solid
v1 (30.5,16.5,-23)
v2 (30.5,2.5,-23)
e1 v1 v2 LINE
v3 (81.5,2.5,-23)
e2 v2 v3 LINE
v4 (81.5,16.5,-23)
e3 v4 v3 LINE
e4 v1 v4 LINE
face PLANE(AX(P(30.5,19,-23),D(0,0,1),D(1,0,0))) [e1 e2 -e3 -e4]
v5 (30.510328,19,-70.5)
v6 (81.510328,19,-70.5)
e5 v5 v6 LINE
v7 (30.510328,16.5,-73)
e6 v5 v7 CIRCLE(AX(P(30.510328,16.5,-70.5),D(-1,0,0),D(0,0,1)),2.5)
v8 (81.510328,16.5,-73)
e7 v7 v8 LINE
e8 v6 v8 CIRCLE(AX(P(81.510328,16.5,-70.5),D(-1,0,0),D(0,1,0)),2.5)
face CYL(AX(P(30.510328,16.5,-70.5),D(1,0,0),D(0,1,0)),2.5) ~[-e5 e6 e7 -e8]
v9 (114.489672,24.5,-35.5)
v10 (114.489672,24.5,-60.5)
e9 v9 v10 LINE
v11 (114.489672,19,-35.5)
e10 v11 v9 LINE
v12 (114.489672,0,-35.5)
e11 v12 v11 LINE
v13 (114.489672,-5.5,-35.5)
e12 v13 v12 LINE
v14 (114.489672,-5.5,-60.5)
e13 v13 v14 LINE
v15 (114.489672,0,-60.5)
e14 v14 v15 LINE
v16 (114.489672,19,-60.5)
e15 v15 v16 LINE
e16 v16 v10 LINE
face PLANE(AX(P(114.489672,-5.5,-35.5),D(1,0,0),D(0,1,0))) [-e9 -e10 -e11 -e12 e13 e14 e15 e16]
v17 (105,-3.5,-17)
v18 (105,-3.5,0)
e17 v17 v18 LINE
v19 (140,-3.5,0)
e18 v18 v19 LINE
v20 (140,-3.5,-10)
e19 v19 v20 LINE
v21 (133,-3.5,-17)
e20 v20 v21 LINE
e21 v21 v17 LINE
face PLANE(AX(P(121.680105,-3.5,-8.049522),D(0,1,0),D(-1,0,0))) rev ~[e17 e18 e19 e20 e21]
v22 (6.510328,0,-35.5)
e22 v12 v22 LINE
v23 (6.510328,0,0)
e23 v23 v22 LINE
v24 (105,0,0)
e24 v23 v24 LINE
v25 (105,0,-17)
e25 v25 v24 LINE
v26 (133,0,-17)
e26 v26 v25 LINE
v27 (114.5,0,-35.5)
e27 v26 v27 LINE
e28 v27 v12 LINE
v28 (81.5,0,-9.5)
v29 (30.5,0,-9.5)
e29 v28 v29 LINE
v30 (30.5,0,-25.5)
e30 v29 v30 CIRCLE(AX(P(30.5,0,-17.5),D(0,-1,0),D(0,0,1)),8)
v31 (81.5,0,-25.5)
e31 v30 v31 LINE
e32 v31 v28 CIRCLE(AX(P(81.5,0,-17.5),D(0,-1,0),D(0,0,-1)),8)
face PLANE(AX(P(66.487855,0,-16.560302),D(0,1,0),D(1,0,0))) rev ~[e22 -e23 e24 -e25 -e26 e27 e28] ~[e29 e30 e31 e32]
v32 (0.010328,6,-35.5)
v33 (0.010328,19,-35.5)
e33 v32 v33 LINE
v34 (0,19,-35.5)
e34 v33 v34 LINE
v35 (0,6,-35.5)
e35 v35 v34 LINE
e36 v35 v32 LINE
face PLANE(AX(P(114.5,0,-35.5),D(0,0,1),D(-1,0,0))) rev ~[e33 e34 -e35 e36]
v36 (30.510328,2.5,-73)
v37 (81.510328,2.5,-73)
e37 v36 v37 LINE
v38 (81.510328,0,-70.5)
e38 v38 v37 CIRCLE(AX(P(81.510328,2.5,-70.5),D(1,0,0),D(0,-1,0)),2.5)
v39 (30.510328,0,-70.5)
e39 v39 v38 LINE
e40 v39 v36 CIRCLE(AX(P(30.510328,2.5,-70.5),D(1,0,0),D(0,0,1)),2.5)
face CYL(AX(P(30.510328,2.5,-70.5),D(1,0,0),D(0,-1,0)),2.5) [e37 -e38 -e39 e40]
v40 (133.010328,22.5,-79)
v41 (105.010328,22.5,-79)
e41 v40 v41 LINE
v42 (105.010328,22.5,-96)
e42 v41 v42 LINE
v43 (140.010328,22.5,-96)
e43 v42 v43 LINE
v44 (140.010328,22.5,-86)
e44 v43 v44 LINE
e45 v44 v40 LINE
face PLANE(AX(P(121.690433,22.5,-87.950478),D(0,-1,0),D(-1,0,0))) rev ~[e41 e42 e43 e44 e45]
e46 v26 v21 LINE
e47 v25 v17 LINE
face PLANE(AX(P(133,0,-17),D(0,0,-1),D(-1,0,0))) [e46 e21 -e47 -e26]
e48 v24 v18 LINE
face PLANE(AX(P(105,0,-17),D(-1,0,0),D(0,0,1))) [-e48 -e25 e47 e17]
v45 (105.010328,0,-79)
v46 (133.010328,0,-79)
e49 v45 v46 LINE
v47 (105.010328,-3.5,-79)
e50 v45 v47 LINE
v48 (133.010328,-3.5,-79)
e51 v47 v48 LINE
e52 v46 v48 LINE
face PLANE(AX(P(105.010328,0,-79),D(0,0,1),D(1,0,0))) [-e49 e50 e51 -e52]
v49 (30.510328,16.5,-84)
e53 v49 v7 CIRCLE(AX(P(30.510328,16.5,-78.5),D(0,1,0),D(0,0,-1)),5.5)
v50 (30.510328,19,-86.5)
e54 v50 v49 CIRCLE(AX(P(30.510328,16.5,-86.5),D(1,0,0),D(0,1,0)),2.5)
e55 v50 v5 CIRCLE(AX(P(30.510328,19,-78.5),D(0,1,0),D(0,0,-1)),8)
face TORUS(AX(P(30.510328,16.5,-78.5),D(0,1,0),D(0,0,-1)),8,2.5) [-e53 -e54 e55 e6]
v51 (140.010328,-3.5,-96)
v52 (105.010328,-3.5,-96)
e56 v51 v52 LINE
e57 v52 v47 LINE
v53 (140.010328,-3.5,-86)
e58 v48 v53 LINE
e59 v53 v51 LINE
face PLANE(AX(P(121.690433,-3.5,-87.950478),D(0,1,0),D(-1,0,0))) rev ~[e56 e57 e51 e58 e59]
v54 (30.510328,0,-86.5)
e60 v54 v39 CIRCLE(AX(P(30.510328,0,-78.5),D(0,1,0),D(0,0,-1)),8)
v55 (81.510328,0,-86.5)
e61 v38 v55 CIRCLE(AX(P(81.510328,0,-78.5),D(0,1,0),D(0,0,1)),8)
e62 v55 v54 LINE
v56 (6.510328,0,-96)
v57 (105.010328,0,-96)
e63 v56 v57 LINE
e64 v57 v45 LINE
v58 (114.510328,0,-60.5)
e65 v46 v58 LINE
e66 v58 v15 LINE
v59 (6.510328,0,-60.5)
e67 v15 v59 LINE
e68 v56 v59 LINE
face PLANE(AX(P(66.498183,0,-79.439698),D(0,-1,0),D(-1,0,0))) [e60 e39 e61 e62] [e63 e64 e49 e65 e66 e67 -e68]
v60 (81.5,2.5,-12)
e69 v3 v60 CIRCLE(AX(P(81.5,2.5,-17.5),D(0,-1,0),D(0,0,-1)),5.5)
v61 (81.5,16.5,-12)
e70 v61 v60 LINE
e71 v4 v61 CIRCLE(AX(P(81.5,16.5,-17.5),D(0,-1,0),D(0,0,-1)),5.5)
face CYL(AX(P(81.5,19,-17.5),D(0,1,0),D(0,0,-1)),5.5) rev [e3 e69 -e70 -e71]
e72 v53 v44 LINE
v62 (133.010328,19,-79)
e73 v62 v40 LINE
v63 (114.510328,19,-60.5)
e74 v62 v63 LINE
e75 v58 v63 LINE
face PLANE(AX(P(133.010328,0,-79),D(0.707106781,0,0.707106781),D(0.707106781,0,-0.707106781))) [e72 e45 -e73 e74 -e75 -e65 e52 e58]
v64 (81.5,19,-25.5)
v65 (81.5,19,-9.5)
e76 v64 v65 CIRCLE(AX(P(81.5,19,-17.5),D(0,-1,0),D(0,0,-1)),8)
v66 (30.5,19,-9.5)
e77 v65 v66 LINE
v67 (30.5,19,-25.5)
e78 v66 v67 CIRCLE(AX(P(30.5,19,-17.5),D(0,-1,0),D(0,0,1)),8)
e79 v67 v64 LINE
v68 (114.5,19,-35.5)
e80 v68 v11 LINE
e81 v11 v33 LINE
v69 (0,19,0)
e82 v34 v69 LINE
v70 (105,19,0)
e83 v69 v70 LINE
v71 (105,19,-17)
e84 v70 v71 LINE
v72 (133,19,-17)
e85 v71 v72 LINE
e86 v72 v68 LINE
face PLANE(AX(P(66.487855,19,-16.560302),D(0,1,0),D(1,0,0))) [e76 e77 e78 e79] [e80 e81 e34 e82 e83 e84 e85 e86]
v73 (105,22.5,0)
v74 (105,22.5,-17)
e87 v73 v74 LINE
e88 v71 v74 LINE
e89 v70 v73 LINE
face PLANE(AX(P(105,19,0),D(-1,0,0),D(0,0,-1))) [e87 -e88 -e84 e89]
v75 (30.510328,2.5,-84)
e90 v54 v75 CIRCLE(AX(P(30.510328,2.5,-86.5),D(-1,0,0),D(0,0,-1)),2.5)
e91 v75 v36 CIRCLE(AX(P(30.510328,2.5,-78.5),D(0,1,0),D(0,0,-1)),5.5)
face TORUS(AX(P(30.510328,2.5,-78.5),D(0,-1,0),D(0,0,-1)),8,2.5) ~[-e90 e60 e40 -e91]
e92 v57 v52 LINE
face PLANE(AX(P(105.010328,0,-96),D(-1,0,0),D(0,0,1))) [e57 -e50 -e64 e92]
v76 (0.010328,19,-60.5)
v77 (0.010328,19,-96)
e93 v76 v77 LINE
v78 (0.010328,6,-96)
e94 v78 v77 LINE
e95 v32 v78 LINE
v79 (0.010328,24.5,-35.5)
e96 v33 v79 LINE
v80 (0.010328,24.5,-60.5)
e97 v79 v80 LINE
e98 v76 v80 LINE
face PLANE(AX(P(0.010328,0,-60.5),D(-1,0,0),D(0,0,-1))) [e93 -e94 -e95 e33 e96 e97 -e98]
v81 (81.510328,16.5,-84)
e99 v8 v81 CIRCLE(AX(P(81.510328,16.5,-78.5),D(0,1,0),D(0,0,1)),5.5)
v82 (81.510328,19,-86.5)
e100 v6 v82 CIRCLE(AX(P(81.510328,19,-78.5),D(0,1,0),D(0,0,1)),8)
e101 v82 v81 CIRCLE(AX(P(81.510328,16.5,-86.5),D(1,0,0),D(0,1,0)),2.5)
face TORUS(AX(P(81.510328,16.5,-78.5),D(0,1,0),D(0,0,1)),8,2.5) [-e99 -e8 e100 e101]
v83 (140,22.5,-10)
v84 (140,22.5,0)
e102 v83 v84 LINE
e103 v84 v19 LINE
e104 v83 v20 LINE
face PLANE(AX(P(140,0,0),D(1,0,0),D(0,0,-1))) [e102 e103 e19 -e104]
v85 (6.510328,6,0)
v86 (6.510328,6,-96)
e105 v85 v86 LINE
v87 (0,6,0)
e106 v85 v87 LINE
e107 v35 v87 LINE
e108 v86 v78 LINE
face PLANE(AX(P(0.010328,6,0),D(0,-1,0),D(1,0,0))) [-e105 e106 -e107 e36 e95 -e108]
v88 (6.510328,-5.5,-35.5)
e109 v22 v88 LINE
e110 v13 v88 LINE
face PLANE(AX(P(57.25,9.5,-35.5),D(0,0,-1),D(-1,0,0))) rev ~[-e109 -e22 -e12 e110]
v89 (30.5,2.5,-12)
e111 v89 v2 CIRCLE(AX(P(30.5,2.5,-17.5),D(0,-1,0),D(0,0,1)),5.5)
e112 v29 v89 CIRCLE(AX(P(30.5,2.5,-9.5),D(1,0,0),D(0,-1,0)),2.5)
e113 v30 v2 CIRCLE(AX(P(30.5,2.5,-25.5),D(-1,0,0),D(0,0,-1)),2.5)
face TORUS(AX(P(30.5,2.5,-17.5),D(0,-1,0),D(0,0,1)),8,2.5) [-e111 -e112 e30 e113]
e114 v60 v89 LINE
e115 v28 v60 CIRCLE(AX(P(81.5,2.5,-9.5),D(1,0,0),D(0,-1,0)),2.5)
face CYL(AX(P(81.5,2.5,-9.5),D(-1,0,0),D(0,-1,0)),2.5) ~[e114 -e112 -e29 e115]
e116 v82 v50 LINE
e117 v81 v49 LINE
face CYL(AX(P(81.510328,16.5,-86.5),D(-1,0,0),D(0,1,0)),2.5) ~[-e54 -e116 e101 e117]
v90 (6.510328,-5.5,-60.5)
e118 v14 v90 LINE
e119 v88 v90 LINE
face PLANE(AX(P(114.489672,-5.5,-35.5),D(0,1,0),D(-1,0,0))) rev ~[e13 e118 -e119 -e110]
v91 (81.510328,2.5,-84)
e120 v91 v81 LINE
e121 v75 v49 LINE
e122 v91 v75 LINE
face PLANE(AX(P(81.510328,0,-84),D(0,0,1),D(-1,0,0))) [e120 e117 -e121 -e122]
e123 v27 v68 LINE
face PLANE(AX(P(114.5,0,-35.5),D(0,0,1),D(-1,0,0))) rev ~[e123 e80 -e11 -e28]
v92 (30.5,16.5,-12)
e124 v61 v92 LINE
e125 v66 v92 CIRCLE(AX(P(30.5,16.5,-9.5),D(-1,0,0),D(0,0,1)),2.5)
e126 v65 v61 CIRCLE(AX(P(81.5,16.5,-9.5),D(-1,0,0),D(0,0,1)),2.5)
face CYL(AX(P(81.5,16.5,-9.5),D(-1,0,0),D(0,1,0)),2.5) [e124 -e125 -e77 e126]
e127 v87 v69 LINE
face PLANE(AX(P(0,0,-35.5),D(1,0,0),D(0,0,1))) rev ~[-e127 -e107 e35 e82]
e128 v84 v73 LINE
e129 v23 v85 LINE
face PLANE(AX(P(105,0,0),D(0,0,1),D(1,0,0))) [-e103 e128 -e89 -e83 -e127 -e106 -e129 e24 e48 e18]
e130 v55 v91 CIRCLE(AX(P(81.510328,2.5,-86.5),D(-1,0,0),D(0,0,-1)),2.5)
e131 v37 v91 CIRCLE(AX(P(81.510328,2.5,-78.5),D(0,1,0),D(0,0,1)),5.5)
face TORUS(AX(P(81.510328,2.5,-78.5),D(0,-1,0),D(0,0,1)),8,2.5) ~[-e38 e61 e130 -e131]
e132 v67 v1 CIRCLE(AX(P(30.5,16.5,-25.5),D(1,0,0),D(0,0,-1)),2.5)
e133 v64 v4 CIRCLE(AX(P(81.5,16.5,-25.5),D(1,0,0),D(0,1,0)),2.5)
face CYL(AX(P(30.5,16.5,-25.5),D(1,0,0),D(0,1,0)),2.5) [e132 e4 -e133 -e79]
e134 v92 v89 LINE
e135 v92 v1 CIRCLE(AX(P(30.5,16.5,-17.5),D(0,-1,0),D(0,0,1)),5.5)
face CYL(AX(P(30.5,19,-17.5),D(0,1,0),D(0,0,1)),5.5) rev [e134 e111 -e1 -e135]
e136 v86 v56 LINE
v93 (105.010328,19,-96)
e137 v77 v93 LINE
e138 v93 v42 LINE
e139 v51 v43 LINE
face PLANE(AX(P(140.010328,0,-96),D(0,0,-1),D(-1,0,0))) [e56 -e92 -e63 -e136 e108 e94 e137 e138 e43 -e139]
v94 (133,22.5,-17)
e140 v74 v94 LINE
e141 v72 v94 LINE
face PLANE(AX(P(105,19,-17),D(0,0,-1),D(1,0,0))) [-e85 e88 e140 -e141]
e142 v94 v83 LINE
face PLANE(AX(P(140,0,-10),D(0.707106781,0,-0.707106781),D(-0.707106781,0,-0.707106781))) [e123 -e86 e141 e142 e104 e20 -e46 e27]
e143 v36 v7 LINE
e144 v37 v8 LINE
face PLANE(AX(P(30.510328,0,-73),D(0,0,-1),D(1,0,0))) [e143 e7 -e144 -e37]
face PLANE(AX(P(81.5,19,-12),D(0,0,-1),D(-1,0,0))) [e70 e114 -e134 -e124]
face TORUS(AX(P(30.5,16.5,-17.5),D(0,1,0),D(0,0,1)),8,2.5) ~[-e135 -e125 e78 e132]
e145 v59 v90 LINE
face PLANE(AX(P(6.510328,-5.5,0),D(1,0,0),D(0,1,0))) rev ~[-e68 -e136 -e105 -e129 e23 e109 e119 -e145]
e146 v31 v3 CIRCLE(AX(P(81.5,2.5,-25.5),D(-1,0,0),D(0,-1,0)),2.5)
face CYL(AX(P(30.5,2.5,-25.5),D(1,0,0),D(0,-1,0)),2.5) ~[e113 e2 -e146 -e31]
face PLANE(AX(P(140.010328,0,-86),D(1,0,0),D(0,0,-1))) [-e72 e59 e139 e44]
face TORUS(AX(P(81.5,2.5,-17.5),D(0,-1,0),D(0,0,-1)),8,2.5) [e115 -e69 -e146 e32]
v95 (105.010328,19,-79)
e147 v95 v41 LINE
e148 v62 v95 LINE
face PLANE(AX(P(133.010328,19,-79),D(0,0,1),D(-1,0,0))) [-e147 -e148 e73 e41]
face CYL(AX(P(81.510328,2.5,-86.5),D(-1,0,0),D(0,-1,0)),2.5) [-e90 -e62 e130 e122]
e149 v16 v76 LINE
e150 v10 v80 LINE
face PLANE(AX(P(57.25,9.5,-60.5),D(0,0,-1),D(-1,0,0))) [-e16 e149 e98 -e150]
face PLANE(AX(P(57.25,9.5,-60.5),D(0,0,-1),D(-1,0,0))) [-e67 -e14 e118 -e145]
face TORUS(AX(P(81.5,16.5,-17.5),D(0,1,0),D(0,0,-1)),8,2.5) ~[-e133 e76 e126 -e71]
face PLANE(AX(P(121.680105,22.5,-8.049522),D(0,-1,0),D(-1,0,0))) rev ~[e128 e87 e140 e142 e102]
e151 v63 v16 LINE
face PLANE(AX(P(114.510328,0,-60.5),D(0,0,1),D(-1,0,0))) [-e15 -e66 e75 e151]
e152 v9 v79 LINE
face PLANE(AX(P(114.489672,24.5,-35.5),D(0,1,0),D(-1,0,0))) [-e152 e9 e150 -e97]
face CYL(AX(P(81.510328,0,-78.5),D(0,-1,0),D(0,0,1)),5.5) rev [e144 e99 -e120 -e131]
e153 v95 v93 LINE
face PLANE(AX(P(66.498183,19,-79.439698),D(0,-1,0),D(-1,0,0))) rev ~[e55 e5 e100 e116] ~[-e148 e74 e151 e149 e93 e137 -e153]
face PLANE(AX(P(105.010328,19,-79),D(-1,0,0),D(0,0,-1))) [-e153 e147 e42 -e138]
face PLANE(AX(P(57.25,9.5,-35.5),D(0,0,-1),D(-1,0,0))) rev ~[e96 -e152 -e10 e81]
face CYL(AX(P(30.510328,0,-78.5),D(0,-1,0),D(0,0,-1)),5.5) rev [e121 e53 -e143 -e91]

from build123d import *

# Parameters (mm, degrees)
BOSS_EXTRUDE1_DEPTH  = 19
BOSS_EXTRUDE2_DEPTH  = 3.5
BOSS_EXTRUDE3_DEPTH  = 3.5
SKETCH4_W            = 114.479344172
SKETCH4_H            = 30
BOSS_EXTRUDE4_DEPTH  = 25
CUT_EXTRUDE1_DEPTH   = 25
FILLET1_R            = 2.5
BOSS_EXTRUDE8_DEPTH  = 19
BOSS_EXTRUDE9_DEPTH  = 3.5
BOSS_EXTRUDE10_DEPTH = 3.5
CUT_EXTRUDE2_DEPTH   = 43.5
FILLET2_R            = 2.5
SKETCH13_W           = 6.5
SKETCH13_H           = 11.5
CUT_EXTRUDE4_DEPTH   = 172.520091892
SKETCH14_W           = 35.5
SKETCH14_H           = 6
CUT_EXTRUDE5_DEPTH   = 1.5


with BuildPart() as part:
    # Sketch1 → Boss-Extrude1 (new body)
    with BuildSketch(Plane(origin=(0, 0, 0), x_dir=(1, 0, 0), z_dir=(0, 1, 0))):
        Polygon((0, 0), (140, 0), (140, 10), (114.5, 35.5), (0, 35.5), align=None)
    extrude(amount=BOSS_EXTRUDE1_DEPTH)

    # Sketch2 → Boss-Extrude2 (add)
    with BuildSketch(Plane(origin=(0, 19, 0), x_dir=(1, 0, 0), z_dir=(0, 1, 0))):
        Polygon((140, 0), (105, 0), (105, 17), (133, 17), (140, 10), align=None)
    extrude(amount=BOSS_EXTRUDE2_DEPTH)

    # Sketch3 → Boss-Extrude3 (add)
    with BuildSketch(Plane.XZ):
        Polygon((140, -10), (133, -17), (105, -17), (105, 0), (140, 0), align=None)
    extrude(amount=BOSS_EXTRUDE3_DEPTH)

    # Sketch4 → Boss-Extrude4 (add)
    with BuildSketch(Plane(origin=(0, 0, -35.5), x_dir=(-1, 0, 0), z_dir=(0, 0, -1))):
        with Locations((-57.25, 9.5)):
            Rectangle(SKETCH4_W, SKETCH4_H)
    extrude(amount=BOSS_EXTRUDE4_DEPTH)

    # Sketch5 → Cut-Extrude1 (cut)
    with BuildSketch(Plane(origin=(0, 19, 0), x_dir=(1, 0, 0), z_dir=(0, 1, 0))):
        with BuildLine():
            Line((30.5, 23), (81.5, 23))
            ThreePointArc((81.5, 23), (87, 17.5), (81.5, 12))
            Line((81.5, 12), (30.5, 12))
            ThreePointArc((30.5, 12), (25, 17.5), (30.5, 23))
        make_face()
    extrude(amount=-CUT_EXTRUDE1_DEPTH, mode=Mode.SUBTRACT)

    # Fillet1
    fillet1_edges = [part.edges().sort_by_distance(p)[0] for p in [
        (56, 0, -12),
        (87, 0, -17.5),
        (56, 0, -23),
        (25, 0, -17.5),
        (25, 19, -17.5),
        (56, 19, -12),
        (87, 19, -17.5),
        (56, 19, -23),
    ]]
    fillet(fillet1_edges, radius=FILLET1_R)

    # Sketch7 → Boss-Extrude8 (add)
    with BuildSketch(Plane(origin=(0, 0, 0), x_dir=(1, 0, 0), z_dir=(0, 1, 0))):
        Polygon((0.010327914, 60.5), (0.010327914, 96), (140.010327914, 96), (140.010327914, 86), (114.510327914, 60.5), align=None)
    extrude(amount=BOSS_EXTRUDE8_DEPTH)

    # Sketch10 → Boss-Extrude9 (add)
    with BuildSketch(Plane(origin=(0, 19, 0), x_dir=(1, 0, 0), z_dir=(0, 1, 0))):
        Polygon((140.010327914, 86), (133.010327914, 79), (105.010327914, 79), (105.010327914, 96), (140.010327914, 96), align=None)
    extrude(amount=BOSS_EXTRUDE9_DEPTH)

    # Sketch11 → Boss-Extrude10 (add)
    with BuildSketch(Plane.XZ):
        Polygon((133.010327914, -79), (140.010327914, -86), (140.010327914, -96), (105.010327914, -96), (105.010327914, -79), align=None)
    extrude(amount=BOSS_EXTRUDE10_DEPTH)

    # Sketch12 → Cut-Extrude2 (cut)
    with BuildSketch(Plane.XZ):
        with BuildLine():
            Line((30.510327914, -73), (81.510327914, -73))
            ThreePointArc((81.510327914, -73), (87.010327914, -78.5), (81.510327914, -84))
            Line((81.510327914, -84), (30.510327914, -84))
            ThreePointArc((30.510327914, -84), (25.010327914, -78.5), (30.510327914, -73))
        make_face()
    extrude(amount=-CUT_EXTRUDE2_DEPTH, mode=Mode.SUBTRACT)

    # Fillet2
    fillet2_edges = [part.edges().sort_by_distance(p)[0] for p in [
        (56.010327914, 19, -84),
        (87.010327914, 19, -78.5),
        (56.010327914, 19, -73),
        (25.010327914, 19, -78.5),
        (25.010327914, 0, -78.5),
        (56.010327914, 0, -84),
        (87.010327914, 0, -78.5),
        (56.010327914, 0, -73),
    ]]
    fillet(fillet2_edges, radius=FILLET2_R)

    # Sketch13 → Cut-Extrude4 (cut, through all)
    with BuildSketch(Plane.XY):
        with Locations((3.260327914, 0.25)):
            Rectangle(SKETCH13_W, SKETCH13_H)
    extrude(amount=-CUT_EXTRUDE4_DEPTH, mode=Mode.SUBTRACT)

    # Sketch14 → Cut-Extrude5 (cut)
    with BuildSketch(Plane.ZY):
        with Locations((-17.75, 3)):
            Rectangle(SKETCH14_W, SKETCH14_H)
    extrude(amount=-CUT_EXTRUDE5_DEPTH, mode=Mode.SUBTRACT)


solid = part.part
